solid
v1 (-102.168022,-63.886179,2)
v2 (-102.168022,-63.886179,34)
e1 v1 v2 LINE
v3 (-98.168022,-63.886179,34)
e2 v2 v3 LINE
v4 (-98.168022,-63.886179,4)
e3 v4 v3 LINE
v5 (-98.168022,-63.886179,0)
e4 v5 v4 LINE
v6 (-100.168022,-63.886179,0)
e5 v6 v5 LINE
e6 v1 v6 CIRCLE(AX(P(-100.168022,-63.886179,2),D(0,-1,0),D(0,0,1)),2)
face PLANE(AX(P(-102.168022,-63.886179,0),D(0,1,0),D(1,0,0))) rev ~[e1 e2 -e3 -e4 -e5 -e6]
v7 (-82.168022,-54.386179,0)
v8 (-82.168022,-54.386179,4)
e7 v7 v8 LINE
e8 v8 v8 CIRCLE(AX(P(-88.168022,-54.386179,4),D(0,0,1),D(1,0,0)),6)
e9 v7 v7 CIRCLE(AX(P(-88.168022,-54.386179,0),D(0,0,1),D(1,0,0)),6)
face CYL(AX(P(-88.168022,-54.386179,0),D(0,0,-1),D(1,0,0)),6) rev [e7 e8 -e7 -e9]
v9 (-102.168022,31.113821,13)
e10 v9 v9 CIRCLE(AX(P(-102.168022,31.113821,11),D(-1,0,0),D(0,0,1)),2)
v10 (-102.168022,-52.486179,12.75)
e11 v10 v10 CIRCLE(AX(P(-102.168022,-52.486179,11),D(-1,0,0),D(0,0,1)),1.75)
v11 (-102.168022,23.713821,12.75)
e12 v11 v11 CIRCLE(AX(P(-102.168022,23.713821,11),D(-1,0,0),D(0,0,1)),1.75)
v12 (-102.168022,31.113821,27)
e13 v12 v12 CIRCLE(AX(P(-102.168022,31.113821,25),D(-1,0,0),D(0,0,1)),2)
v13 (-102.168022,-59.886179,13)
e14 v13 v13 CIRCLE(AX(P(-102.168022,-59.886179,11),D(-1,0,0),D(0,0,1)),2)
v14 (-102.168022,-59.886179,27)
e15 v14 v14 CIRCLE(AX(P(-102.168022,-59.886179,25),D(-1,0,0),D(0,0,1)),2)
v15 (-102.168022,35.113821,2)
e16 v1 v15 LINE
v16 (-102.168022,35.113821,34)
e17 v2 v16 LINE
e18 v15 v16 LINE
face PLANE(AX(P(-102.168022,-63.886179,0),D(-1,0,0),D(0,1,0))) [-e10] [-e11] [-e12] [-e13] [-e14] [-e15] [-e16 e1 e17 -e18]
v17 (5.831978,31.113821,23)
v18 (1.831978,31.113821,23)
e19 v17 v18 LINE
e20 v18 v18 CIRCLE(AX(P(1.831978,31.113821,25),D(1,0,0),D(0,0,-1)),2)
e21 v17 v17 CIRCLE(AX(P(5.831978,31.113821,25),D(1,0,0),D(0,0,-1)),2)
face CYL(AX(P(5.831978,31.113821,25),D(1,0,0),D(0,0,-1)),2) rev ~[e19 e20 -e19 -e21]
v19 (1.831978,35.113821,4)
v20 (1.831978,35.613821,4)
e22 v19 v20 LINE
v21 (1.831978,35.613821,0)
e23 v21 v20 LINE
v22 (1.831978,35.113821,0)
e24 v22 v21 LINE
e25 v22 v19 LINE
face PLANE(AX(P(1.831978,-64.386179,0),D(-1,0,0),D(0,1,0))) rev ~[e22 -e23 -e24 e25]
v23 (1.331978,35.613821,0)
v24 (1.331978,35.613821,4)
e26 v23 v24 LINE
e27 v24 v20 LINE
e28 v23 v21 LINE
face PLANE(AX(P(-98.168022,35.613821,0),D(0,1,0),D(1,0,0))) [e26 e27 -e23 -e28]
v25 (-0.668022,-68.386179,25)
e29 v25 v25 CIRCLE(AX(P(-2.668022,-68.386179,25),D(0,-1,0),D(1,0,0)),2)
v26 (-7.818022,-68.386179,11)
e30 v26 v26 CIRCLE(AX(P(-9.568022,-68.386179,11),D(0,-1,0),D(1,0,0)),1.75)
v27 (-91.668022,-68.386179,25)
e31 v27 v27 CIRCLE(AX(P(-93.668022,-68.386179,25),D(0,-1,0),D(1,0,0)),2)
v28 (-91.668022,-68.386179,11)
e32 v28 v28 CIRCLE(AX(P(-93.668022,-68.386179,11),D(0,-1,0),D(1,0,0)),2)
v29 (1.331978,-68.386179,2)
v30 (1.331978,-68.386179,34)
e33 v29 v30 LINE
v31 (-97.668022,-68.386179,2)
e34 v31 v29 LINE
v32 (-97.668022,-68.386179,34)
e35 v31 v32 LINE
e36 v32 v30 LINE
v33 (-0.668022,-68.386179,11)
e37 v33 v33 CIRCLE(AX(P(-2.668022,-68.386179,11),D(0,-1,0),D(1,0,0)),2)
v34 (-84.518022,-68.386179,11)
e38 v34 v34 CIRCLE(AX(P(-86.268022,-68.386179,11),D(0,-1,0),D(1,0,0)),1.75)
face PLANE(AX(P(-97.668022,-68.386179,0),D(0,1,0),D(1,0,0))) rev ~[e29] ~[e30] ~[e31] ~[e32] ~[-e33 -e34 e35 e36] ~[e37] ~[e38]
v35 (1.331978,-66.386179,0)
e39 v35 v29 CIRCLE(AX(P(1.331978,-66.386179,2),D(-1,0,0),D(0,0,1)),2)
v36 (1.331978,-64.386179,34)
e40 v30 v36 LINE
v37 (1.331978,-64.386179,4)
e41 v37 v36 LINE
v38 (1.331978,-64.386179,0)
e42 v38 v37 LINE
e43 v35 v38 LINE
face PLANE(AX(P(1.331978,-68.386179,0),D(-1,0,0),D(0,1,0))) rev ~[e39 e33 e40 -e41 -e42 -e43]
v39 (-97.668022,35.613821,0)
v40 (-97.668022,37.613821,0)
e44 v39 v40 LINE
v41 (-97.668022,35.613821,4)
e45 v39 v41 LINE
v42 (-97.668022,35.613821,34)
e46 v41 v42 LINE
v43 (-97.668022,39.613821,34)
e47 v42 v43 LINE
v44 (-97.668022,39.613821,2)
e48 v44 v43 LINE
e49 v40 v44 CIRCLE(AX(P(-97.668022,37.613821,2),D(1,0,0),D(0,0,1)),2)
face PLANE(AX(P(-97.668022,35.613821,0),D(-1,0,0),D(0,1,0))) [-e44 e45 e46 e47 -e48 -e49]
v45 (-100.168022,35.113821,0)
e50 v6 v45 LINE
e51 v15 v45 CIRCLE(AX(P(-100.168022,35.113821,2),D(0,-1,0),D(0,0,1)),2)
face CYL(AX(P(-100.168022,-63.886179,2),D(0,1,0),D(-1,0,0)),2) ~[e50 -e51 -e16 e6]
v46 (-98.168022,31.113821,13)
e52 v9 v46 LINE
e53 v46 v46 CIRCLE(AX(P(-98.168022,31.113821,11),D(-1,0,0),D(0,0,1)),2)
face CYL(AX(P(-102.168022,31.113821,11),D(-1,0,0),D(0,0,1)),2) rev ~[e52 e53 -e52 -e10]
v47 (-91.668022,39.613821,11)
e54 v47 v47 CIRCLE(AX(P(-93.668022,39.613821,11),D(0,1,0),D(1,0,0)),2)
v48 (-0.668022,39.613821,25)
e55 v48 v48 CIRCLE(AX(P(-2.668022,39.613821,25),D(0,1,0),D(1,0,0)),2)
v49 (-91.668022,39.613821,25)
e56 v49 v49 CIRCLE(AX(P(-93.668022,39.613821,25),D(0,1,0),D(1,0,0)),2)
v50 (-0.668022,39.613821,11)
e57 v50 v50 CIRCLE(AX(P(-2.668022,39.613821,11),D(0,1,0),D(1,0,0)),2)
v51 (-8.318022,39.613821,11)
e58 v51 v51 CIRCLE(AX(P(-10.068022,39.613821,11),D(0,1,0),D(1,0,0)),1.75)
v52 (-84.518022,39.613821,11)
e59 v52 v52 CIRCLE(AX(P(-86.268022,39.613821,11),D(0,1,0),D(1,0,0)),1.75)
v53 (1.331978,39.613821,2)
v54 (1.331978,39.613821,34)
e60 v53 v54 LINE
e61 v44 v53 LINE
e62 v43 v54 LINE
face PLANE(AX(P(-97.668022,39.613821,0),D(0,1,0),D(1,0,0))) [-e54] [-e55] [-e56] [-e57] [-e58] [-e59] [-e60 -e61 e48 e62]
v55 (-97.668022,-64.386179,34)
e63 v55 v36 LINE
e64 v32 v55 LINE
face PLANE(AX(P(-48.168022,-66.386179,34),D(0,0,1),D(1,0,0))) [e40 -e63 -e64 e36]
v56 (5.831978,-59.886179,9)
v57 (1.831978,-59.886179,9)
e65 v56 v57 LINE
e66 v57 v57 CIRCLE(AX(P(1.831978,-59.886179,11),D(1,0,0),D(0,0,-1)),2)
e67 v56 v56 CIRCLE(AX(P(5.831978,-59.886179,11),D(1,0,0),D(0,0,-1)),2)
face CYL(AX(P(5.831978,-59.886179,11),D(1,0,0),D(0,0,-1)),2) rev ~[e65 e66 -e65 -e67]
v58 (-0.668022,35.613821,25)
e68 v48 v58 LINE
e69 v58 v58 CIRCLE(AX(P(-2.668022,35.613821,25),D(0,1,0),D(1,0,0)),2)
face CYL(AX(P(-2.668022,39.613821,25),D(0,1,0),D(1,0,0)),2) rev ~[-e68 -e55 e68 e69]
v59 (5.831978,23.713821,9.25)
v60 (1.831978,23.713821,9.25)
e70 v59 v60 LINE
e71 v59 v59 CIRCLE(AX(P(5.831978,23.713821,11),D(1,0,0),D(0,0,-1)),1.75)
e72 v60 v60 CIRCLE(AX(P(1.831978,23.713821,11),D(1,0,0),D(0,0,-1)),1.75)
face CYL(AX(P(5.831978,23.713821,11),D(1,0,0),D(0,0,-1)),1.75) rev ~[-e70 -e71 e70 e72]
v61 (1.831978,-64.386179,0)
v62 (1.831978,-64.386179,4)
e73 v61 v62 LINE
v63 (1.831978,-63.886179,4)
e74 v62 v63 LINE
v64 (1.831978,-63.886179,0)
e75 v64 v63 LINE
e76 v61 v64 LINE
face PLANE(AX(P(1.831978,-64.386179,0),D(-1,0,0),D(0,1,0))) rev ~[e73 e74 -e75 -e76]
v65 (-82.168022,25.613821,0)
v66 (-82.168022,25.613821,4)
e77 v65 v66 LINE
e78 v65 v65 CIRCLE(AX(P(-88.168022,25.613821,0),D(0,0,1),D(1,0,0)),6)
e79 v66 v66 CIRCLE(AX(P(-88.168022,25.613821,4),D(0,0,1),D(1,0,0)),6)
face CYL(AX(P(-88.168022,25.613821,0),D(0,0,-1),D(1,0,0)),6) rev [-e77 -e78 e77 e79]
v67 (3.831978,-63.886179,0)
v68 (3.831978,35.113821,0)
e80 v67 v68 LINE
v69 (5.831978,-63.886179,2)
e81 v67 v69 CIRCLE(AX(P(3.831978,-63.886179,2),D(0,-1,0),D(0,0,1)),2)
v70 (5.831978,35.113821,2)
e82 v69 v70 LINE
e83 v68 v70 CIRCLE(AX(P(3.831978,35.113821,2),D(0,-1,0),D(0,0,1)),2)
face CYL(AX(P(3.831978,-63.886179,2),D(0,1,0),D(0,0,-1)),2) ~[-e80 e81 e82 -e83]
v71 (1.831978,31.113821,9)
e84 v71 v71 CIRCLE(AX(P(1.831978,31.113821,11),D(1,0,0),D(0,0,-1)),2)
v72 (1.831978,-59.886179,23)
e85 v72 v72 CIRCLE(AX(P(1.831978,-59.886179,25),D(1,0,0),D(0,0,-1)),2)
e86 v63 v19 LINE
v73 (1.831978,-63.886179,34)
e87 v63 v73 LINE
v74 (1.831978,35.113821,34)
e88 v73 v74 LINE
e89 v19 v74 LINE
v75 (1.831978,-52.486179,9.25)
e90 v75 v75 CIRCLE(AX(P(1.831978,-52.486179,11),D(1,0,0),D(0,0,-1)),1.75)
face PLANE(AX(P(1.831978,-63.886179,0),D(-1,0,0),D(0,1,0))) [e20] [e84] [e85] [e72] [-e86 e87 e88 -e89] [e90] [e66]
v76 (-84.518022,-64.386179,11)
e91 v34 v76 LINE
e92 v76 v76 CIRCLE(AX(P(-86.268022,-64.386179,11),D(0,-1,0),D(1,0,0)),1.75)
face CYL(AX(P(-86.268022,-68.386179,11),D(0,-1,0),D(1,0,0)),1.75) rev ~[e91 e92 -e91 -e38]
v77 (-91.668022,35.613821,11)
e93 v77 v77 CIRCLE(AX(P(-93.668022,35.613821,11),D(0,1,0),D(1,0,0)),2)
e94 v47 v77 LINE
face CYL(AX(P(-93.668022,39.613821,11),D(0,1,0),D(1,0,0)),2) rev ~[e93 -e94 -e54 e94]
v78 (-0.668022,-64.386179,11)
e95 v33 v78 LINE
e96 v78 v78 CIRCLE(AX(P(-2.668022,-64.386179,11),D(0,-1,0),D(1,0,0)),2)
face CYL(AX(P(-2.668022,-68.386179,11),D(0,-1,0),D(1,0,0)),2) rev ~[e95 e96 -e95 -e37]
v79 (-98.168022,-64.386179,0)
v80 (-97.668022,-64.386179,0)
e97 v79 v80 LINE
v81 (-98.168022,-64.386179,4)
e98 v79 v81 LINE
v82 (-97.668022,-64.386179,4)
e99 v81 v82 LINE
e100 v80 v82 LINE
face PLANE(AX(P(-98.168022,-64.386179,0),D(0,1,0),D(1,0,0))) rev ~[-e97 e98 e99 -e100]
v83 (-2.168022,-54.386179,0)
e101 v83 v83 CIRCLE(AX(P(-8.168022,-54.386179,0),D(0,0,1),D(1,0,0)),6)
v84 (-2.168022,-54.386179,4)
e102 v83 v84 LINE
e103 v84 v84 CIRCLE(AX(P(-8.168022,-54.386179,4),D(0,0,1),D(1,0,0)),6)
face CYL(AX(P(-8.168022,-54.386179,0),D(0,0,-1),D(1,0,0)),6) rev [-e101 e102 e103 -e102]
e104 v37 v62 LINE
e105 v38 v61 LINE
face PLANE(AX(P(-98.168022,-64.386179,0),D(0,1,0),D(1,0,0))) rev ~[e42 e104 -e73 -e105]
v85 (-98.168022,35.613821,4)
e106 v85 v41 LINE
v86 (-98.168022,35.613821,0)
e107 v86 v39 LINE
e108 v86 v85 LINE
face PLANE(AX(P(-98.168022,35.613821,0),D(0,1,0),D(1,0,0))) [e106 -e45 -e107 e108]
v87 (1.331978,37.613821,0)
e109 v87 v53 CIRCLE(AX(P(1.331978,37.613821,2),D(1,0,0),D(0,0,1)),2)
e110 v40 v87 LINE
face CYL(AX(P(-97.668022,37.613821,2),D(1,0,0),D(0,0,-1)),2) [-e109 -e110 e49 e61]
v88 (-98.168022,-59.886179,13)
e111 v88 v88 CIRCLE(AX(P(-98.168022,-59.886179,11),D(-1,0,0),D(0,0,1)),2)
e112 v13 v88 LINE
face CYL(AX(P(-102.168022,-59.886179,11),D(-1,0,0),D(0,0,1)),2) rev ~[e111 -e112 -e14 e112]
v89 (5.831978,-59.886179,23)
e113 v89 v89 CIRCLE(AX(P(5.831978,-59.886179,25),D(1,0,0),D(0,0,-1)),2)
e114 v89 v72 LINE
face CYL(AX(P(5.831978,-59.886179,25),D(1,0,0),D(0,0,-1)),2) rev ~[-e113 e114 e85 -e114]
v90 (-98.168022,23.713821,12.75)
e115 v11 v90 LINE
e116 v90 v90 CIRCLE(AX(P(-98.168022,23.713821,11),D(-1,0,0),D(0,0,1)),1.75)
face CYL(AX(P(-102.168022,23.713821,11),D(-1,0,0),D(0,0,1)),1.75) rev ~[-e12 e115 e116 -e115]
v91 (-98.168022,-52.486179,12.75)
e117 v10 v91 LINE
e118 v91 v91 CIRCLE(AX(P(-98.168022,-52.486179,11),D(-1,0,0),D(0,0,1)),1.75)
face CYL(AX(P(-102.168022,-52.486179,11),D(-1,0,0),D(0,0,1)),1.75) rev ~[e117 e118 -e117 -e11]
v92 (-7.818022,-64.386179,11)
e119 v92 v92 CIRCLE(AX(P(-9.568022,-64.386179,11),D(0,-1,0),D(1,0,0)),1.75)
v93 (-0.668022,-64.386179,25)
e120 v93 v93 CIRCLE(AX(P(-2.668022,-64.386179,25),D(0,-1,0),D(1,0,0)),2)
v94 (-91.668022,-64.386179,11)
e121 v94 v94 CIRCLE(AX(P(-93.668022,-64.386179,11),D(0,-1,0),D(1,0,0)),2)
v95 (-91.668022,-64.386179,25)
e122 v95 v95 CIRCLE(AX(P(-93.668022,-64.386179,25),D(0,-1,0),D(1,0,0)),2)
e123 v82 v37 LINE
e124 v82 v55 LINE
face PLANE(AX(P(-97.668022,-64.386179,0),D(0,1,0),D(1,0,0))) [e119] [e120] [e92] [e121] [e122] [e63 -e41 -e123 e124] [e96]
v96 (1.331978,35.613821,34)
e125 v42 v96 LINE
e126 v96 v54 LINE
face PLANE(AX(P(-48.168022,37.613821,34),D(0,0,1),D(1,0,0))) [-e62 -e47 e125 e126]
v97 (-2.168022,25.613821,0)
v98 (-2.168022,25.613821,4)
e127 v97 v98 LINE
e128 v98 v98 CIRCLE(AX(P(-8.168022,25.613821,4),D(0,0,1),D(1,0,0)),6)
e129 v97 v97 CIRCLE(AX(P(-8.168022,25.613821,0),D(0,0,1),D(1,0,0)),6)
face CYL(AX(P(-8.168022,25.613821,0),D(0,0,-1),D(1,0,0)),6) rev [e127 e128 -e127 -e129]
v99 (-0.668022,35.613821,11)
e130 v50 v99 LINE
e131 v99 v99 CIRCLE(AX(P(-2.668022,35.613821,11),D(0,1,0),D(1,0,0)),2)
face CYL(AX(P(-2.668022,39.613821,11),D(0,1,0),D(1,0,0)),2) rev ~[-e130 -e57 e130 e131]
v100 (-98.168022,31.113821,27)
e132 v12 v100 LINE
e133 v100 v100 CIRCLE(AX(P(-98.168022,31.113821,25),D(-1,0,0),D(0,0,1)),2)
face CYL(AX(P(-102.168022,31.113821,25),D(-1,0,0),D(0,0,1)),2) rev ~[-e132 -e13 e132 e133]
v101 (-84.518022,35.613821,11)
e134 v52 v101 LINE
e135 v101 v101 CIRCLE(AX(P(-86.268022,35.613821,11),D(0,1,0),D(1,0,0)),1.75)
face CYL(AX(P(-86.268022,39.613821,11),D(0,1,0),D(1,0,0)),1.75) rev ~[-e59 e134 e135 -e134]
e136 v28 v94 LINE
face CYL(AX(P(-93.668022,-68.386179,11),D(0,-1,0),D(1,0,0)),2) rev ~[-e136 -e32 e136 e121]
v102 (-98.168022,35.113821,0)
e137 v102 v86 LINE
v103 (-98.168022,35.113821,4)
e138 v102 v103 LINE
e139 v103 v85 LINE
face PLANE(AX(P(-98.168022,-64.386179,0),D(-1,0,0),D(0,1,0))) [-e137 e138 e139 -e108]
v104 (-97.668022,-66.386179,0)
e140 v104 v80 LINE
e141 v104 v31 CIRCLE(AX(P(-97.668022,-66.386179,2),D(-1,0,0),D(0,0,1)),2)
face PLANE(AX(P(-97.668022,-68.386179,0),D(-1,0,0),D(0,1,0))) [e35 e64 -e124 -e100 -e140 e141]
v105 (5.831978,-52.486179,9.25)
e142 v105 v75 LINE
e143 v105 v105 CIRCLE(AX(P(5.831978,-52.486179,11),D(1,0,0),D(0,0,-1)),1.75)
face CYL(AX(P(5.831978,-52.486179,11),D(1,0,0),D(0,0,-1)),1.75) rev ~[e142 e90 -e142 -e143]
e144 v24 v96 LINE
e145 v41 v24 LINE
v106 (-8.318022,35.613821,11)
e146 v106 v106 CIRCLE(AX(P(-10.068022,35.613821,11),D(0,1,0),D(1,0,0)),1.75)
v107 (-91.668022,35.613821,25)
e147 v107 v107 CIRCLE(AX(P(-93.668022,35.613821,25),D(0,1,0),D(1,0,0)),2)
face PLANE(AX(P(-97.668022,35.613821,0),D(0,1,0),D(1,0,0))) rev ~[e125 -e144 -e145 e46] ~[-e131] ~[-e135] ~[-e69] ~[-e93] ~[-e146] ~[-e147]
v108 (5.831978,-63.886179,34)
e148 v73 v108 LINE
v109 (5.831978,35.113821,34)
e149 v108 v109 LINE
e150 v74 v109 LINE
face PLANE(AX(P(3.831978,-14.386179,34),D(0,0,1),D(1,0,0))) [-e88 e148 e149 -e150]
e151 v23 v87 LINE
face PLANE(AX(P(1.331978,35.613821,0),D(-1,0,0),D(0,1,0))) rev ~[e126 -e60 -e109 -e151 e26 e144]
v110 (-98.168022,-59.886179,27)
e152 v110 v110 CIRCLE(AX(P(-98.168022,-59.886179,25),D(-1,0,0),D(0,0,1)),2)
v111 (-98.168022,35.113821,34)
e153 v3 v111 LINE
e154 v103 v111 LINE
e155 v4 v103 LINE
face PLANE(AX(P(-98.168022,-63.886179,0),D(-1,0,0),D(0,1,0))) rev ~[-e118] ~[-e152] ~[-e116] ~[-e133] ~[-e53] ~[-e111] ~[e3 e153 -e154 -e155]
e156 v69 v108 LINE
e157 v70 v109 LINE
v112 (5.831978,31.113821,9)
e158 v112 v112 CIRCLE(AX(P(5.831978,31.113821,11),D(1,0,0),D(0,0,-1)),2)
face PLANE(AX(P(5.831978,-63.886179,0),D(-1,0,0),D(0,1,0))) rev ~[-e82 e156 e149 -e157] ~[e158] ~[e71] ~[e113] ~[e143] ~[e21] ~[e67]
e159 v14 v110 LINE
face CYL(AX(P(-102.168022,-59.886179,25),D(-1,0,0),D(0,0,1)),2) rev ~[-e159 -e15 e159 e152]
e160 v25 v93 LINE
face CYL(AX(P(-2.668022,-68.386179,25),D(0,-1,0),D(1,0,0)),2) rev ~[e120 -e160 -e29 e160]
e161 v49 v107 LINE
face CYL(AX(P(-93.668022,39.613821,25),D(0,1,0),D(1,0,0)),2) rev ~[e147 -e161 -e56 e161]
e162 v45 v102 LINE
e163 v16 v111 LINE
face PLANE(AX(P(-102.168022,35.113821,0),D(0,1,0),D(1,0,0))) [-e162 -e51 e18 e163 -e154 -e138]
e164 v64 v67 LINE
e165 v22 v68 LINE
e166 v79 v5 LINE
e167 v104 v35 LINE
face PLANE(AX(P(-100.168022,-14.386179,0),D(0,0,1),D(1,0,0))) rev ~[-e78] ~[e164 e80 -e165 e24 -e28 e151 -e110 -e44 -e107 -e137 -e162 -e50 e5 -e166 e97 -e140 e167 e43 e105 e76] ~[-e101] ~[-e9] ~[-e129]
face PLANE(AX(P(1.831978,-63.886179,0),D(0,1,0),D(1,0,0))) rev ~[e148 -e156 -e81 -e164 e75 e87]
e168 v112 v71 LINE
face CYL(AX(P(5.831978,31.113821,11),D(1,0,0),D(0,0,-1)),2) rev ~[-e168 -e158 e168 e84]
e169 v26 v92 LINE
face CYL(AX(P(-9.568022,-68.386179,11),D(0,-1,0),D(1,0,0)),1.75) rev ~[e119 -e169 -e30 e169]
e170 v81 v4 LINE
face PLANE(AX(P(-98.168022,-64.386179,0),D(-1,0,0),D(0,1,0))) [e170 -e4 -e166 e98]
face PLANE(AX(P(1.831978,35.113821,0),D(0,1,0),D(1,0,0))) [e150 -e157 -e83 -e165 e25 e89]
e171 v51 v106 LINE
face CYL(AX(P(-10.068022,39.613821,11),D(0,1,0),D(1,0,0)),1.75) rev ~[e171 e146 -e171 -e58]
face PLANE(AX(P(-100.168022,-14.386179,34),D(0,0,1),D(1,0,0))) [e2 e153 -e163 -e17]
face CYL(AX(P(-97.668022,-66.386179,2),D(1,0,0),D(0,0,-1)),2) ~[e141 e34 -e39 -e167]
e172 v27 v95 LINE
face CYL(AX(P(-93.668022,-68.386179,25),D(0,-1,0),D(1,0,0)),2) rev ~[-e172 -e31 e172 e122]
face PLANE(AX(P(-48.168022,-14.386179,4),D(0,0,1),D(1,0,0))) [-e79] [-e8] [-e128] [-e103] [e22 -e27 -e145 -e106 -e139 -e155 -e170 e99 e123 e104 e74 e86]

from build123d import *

# Parameters (mm, degrees)
SKETCH1_W           = 100
SKETCH1_H           = 100
SKETCH1_R           = 6
BOSS_EXTRUDE1_DEPTH = 4
SKETCH1_3_W         = 4
SKETCH1_3_H         = 99
SKETCH1_3_W_2       = 99
SKETCH1_3_H_2       = 4
BOSS_EXTRUDE3_DEPTH = 34
FILLET3_R           = 2
SKETCH2_R           = 2
SKETCH2_R_2         = 1.75
CUT_EXTRUDE1_DEPTH  = 4
SKETCH3_R           = 2
SKETCH3_R_2         = 1.75
CUT_EXTRUDE2_DEPTH  = 4
SKETCH4_R           = 2
SKETCH4_R_2         = 1.75
CUT_EXTRUDE3_DEPTH  = 4
SKETCH5_R           = 2
SKETCH5_R_2         = 1.75
CUT_EXTRUDE4_DEPTH  = 4


with BuildPart() as part:
    # Sketch1 → Boss-Extrude1 (new body)
    with BuildSketch(Plane.XY):
        with Locations((-48.16802168, -14.386178862)):
            Rectangle(SKETCH1_W, SKETCH1_H)
        with Locations((-88.16802168, -54.386178862)):
            Circle(SKETCH1_R, mode=Mode.SUBTRACT)
        with Locations((-8.16802168, -54.386178862)):
            Circle(SKETCH1_R, mode=Mode.SUBTRACT)
        with Locations((-8.16802168, 25.613821138)):
            Circle(SKETCH1_R, mode=Mode.SUBTRACT)
        with Locations((-88.16802168, 25.613821138)):
            Circle(SKETCH1_R, mode=Mode.SUBTRACT)
    extrude(amount=BOSS_EXTRUDE1_DEPTH)

    # Sketch1<3> → Boss-Extrude3 (add)
    with BuildSketch(Plane.XY):
        with Locations((-100.16802168, -14.386178862)):
            Rectangle(SKETCH1_3_W, SKETCH1_3_H)
        with Locations((-48.16802168, 37.613821138)):
            Rectangle(SKETCH1_3_W_2, SKETCH1_3_H_2)
        with Locations((3.83197832, -14.386178862)):
            Rectangle(SKETCH1_3_W, SKETCH1_3_H)
        with Locations((-48.16802168, -66.386178862)):
            Rectangle(SKETCH1_3_W_2, SKETCH1_3_H_2)
    extrude(amount=BOSS_EXTRUDE3_DEPTH)

    # Fillet3
    fillet3_edges = [part.edges().sort_by_distance(p)[0] for p in [
        (-102.16802168, -14.386178862, 0),
        (-48.16802168, 39.613821138, 0),
        (5.83197832, -14.386178862, 0),
        (-48.16802168, -68.386178862, 0),
    ]]
    fillet(fillet3_edges, radius=FILLET3_R)

    # Sketch2 → Cut-Extrude1 (cut)
    with BuildSketch(Plane.ZY.offset(102.16802168)):
        with Locations((25, 31.113821138)):
            Circle(SKETCH2_R)
        with Locations((25, -59.886178862)):
            Circle(SKETCH2_R)
        with Locations((11, 31.113821138)):
            Circle(SKETCH2_R)
        with Locations((11, -59.886178862)):
            Circle(SKETCH2_R)
        with Locations((11, 23.713821138)):
            Circle(SKETCH2_R_2)
        with Locations((11, -52.486178862)):
            Circle(SKETCH2_R_2)
    extrude(amount=-CUT_EXTRUDE1_DEPTH, mode=Mode.SUBTRACT)

    # Sketch3 → Cut-Extrude2 (cut)
    with BuildSketch(Plane.XZ.offset(68.386178862)):
        with Locations((-93.66802168, 25)):
            Circle(SKETCH3_R)
        with Locations((-2.66802168, 25)):
            Circle(SKETCH3_R)
        with Locations((-93.66802168, 11)):
            Circle(SKETCH3_R)
        with Locations((-2.66802168, 11)):
            Circle(SKETCH3_R)
        with Locations((-86.26802168, 11)):
            Circle(SKETCH3_R_2)
        with Locations((-9.56802168, 11)):
            Circle(SKETCH3_R_2)
    extrude(amount=-CUT_EXTRUDE2_DEPTH, mode=Mode.SUBTRACT)

    # Sketch4 → Cut-Extrude3 (cut)
    with BuildSketch(Plane(origin=(5.83197832, 0, 0), x_dir=(0, 0, -1), z_dir=(1, 0, 0))):
        with Locations((-25, -59.886178862)):
            Circle(SKETCH4_R)
        with Locations((-25, 31.113821138)):
            Circle(SKETCH4_R)
        with Locations((-11, -59.886178862)):
            Circle(SKETCH4_R)
        with Locations((-11, 31.113821138)):
            Circle(SKETCH4_R)
        with Locations((-11, -52.486178862)):
            Circle(SKETCH4_R_2)
        with Locations((-11, 23.713821138)):
            Circle(SKETCH4_R_2)
    extrude(amount=-CUT_EXTRUDE3_DEPTH, mode=Mode.SUBTRACT)

    # Sketch5 → Cut-Extrude4 (cut)
    with BuildSketch(Plane(origin=(0, 39.613821138, 0), x_dir=(1, 0, 0), z_dir=(0, 1, 0))):
        with Locations((-93.66802168, -25)):
            Circle(SKETCH5_R)
        with Locations((-2.66802168, -25)):
            Circle(SKETCH5_R)
        with Locations((-93.66802168, -11)):
            Circle(SKETCH5_R)
        with Locations((-2.66802168, -11)):
            Circle(SKETCH5_R)
        with Locations((-86.26802168, -11)):
            Circle(SKETCH5_R_2)
        with Locations((-10.06802168, -11)):
            Circle(SKETCH5_R_2)
    extrude(amount=-CUT_EXTRUDE4_DEPTH, mode=Mode.SUBTRACT)


solid = part.part
